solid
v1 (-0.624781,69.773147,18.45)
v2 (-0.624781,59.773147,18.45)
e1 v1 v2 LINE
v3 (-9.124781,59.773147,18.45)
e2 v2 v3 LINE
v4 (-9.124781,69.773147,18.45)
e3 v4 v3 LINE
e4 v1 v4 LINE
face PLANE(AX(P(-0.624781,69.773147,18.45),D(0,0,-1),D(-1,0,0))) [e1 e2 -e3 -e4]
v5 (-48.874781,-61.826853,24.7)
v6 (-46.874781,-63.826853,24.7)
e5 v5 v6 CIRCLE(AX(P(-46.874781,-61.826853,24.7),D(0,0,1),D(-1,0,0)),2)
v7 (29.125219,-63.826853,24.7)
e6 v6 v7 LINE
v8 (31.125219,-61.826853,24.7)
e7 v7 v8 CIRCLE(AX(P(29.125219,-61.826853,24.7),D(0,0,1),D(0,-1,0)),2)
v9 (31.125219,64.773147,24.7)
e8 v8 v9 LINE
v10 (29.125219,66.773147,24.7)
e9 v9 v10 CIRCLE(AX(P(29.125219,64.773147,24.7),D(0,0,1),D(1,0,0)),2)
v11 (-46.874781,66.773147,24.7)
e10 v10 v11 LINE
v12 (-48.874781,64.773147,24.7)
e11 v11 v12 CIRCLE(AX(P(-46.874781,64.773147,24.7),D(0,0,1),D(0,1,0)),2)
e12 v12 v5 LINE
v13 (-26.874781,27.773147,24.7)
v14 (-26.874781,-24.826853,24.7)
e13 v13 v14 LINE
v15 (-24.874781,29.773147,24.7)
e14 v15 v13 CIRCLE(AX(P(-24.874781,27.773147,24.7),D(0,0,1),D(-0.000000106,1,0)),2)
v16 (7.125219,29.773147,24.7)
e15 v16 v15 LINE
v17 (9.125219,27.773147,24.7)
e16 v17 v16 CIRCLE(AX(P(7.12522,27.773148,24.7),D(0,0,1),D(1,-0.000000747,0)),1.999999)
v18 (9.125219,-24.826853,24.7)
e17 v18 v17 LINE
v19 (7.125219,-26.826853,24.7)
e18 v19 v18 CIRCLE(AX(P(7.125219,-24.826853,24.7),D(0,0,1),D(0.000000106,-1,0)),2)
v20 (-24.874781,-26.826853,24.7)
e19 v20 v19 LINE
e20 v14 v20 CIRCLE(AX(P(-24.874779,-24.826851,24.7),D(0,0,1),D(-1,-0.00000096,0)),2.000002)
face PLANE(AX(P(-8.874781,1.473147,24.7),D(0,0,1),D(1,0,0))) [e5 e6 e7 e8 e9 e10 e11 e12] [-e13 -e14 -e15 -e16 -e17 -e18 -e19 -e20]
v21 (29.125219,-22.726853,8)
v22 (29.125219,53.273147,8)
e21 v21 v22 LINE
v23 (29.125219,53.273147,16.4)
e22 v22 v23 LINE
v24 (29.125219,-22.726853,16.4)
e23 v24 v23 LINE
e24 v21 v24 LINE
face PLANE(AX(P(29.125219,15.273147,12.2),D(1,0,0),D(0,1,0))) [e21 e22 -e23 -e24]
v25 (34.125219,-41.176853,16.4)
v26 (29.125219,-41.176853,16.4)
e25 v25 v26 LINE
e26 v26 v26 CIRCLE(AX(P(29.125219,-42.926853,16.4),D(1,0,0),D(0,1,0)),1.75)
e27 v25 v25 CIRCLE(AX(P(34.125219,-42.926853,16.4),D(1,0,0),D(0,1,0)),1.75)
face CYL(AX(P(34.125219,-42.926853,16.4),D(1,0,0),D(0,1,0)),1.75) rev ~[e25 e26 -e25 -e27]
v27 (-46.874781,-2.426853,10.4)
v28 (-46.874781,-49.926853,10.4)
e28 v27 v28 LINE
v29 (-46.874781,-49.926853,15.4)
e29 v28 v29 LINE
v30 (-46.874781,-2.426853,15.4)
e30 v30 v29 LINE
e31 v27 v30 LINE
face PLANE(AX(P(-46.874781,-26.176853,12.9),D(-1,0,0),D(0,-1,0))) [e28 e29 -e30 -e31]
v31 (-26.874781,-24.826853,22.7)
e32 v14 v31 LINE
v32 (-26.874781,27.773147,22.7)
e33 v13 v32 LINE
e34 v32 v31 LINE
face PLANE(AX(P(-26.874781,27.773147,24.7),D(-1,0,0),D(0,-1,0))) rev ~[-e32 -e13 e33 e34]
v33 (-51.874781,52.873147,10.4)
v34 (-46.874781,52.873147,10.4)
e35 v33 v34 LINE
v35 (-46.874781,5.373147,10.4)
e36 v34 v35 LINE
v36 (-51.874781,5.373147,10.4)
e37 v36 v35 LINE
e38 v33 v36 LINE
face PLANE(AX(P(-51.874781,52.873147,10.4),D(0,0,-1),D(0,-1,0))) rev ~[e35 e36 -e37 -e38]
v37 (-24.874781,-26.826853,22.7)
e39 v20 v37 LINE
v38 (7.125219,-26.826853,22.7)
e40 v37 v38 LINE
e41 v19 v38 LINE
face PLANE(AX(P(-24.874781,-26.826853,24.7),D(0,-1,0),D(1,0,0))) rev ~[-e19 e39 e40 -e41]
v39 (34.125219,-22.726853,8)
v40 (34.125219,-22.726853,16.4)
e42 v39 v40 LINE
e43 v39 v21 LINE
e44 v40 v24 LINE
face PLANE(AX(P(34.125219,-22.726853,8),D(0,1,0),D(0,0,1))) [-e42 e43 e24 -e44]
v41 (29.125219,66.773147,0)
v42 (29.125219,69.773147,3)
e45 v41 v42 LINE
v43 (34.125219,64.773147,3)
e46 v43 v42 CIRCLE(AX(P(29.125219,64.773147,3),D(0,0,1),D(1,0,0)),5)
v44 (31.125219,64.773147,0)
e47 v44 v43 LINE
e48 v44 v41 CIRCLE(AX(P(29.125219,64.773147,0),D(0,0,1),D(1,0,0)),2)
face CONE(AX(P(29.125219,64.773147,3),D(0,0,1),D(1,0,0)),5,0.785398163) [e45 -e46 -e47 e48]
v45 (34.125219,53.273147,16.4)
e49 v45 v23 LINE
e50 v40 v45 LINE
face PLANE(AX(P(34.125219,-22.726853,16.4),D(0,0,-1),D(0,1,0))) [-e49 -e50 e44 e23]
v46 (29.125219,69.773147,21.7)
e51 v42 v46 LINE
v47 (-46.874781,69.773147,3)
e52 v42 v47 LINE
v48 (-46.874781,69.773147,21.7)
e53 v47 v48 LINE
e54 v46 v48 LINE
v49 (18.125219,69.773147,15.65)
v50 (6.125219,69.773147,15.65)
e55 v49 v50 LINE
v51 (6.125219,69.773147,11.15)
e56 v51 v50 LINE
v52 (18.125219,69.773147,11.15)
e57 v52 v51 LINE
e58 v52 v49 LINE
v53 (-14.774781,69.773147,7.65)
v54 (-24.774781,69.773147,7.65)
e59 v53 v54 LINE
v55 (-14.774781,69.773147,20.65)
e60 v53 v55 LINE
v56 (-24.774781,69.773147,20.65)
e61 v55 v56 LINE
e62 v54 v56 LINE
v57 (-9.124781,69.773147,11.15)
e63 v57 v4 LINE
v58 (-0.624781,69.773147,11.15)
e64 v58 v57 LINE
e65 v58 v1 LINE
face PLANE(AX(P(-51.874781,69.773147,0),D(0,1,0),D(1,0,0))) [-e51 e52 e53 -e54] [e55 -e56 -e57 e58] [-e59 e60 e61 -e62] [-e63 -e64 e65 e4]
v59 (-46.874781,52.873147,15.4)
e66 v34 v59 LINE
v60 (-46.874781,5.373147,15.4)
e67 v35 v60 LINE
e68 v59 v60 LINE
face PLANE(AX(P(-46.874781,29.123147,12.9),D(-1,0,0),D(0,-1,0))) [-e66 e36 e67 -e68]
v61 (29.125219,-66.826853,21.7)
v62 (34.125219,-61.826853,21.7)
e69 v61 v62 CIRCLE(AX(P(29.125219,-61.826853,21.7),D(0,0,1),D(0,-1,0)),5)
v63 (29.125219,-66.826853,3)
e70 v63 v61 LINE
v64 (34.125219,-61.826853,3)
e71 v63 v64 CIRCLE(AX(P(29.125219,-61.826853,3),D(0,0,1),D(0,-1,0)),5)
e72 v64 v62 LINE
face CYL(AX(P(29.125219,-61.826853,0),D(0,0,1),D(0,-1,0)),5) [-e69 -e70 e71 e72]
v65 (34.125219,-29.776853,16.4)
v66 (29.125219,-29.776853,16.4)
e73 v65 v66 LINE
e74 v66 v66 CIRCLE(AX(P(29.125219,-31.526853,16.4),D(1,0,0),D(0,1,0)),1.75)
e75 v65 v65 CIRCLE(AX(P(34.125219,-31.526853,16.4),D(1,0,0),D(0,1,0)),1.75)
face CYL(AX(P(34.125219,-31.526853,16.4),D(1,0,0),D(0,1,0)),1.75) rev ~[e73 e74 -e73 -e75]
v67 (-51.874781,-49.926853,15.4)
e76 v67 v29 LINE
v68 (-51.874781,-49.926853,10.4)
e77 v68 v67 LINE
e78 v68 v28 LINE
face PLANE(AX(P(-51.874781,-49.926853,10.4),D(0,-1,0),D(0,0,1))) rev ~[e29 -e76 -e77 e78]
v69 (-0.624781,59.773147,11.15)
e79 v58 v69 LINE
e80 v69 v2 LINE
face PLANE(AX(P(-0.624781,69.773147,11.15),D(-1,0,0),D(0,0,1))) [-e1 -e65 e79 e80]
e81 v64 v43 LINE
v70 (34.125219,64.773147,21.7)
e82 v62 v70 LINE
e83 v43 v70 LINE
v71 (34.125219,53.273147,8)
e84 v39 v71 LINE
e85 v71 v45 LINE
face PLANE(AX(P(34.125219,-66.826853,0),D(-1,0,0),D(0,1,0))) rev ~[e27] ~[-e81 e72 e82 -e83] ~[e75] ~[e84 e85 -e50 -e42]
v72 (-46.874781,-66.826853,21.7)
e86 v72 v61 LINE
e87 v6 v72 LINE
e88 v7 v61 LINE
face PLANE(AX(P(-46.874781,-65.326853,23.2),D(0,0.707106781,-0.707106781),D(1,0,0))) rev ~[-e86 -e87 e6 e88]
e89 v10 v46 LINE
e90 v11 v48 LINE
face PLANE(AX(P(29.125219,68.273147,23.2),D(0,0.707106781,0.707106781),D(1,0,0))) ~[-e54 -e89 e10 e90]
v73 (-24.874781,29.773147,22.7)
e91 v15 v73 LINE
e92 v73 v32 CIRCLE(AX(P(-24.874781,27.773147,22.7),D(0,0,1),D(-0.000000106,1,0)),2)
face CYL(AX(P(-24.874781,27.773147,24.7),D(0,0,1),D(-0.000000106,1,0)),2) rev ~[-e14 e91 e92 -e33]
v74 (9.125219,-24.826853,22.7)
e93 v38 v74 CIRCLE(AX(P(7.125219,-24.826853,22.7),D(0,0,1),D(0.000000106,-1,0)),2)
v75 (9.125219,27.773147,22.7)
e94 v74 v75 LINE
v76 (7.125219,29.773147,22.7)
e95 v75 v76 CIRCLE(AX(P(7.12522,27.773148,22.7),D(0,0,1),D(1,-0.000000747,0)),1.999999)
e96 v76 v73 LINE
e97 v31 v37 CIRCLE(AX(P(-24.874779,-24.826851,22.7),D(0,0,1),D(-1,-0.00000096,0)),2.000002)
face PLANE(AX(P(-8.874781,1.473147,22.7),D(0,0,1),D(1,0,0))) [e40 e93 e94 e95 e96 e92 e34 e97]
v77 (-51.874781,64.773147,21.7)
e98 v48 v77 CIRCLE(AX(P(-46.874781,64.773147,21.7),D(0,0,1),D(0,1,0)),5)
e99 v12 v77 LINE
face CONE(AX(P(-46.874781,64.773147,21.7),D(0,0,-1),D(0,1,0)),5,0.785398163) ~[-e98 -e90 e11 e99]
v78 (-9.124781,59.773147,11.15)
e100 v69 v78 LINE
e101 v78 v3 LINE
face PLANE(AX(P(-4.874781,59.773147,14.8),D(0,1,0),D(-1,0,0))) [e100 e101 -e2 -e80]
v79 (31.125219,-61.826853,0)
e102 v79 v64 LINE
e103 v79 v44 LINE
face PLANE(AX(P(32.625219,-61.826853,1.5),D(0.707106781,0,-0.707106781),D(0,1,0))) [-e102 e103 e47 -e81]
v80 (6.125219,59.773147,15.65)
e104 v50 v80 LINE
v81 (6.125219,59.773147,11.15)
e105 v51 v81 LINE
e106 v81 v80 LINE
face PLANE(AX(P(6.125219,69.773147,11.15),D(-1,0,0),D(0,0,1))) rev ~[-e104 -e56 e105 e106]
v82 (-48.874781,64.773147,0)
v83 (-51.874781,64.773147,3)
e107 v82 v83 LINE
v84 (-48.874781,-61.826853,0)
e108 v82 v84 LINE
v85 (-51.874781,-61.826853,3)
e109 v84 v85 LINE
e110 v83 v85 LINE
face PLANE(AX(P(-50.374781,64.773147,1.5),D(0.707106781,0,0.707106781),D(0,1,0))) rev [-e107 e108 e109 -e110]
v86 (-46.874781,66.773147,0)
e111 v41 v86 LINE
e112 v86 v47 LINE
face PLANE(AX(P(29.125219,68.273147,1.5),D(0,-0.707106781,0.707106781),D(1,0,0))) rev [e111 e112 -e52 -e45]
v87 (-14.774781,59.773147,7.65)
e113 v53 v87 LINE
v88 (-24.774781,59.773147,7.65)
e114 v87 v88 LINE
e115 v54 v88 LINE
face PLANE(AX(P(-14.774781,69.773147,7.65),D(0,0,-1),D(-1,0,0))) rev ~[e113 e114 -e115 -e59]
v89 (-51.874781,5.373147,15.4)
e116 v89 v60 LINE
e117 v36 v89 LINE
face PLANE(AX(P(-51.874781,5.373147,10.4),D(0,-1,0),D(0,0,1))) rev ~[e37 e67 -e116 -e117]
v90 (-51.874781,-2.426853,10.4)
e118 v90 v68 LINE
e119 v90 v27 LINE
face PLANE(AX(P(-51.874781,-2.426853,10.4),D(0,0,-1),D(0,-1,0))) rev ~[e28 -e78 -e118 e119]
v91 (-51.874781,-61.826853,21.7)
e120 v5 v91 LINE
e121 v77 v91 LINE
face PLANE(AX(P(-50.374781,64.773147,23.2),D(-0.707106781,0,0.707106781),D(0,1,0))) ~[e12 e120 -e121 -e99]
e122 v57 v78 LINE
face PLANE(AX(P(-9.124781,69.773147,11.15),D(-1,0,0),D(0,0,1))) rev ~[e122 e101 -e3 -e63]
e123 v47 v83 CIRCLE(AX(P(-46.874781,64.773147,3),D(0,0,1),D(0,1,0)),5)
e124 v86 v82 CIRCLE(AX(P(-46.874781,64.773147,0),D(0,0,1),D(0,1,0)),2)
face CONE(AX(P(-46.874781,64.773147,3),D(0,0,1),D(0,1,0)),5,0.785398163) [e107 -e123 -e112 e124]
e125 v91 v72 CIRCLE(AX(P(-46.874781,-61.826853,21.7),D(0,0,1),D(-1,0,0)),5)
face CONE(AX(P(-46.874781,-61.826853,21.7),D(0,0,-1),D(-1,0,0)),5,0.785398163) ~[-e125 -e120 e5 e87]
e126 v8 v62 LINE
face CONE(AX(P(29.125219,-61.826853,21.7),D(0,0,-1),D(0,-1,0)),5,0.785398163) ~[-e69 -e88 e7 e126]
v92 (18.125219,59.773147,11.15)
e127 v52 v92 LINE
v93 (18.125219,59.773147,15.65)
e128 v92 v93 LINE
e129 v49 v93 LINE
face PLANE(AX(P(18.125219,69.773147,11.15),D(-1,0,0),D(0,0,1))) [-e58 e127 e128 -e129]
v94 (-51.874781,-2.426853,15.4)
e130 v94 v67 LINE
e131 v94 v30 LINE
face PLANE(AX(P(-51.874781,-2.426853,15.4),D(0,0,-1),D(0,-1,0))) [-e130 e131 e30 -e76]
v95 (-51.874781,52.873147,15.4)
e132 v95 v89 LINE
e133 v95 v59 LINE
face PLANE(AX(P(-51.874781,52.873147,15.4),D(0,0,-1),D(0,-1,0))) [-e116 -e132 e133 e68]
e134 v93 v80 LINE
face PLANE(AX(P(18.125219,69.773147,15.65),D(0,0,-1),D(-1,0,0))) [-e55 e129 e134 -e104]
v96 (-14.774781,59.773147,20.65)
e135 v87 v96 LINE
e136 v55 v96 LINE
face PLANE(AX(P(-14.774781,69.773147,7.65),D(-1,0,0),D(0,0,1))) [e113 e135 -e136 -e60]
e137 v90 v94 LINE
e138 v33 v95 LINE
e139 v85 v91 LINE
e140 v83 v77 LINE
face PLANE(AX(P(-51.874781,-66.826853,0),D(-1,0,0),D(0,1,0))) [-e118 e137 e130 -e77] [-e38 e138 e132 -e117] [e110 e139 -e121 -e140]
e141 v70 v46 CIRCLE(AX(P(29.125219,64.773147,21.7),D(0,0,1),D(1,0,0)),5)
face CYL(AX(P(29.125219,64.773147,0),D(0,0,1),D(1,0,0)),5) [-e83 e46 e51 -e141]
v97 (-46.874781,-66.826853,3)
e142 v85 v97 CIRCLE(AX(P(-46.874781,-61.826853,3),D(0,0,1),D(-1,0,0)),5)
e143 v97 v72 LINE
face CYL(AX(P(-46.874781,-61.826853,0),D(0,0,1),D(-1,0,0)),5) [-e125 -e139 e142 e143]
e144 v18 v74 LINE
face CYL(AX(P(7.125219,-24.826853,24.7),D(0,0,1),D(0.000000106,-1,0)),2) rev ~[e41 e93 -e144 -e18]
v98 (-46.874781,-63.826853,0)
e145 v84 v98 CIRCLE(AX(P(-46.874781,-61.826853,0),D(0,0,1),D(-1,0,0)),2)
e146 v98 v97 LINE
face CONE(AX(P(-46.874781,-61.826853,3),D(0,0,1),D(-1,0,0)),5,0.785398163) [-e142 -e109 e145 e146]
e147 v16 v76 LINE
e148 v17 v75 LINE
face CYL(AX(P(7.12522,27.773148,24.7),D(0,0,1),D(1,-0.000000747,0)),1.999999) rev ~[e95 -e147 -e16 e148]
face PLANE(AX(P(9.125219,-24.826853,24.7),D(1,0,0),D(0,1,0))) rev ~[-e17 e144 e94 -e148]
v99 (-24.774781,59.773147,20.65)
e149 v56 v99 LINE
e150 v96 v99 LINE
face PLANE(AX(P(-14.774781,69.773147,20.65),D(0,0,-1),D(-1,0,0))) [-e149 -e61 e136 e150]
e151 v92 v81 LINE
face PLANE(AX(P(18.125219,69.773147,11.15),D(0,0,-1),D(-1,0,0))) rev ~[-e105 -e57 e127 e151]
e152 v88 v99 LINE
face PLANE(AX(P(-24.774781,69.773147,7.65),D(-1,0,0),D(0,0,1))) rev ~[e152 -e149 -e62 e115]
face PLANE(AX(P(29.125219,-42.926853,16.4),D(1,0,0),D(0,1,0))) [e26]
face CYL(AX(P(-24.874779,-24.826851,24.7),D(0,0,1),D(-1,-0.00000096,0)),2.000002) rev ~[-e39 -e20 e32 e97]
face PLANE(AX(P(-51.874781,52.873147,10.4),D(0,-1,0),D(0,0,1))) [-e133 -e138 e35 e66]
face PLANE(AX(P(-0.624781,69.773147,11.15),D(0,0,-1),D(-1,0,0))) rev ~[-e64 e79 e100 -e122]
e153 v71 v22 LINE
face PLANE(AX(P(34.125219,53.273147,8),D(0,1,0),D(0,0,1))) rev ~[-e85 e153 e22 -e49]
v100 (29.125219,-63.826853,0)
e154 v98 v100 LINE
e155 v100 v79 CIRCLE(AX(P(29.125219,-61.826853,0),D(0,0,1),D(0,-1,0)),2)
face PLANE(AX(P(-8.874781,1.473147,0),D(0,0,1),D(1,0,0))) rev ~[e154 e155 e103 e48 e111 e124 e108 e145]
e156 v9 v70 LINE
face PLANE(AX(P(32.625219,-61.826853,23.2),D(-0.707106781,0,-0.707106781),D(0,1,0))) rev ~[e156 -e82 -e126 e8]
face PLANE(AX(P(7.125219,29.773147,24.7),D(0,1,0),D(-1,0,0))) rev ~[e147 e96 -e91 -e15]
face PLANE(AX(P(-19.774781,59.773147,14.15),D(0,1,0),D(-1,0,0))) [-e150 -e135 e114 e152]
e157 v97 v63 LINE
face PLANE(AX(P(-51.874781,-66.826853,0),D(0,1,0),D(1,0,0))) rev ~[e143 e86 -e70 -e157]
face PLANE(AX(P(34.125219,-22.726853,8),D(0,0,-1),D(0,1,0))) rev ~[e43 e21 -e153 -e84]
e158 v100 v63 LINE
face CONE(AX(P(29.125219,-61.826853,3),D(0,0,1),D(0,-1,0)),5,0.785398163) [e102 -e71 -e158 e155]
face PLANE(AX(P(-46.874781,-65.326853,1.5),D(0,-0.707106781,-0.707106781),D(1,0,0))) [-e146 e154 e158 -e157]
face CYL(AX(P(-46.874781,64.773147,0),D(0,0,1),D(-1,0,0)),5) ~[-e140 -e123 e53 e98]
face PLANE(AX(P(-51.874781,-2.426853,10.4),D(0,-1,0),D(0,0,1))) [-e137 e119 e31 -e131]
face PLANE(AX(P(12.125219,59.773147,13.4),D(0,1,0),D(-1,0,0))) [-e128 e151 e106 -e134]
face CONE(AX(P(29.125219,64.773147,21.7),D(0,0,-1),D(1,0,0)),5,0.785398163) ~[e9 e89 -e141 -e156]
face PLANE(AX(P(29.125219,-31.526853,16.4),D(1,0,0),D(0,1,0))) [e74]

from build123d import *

# Parameters (mm, degrees)
F0_W      = 86
F0_H      = 136.6
F1_DEPTH  = 24.7
F3_R      = 5
F4_SIZE   = 3
F6_DEPTH  = 2
F7_W      = 47.5
F7_H      = 5
F8_DEPTH  = 5
F2_W      = 12
F2_H      = 4.5
F2_W_2    = 8.5
F2_H_2    = 7.3
F2_W_3    = 10
F2_H_3    = 13
F9_DEPTH  = 10
F10_W     = 76
F10_H     = 8.4
F10_R     = 1.75
F11_DEPTH = 5


with BuildPart() as f1:
    # F0 (on Top) → F1 (new body)
    with BuildSketch(Plane.XY):
        with Locations((-8.874781, 1.473147)):
            Rectangle(F0_W, F0_H)
    extrude(amount=F1_DEPTH)

    # F3
    f3_edges = [f1.edges().sort_by_distance(p)[0] for p in [
        (-51.874781, -66.826853, 12.35),
        (34.125219, -66.826853, 12.35),
        (34.125219, 69.773147, 12.35),
        (-51.874781, 69.773147, 12.35),
    ]]
    fillet(f3_edges, radius=F3_R)

    # F4
    f4_edges = [f1.edges().sort_by_distance(p)[0] for p in [
        (34.125219, 1.473147, 24.7),
        (32.660753, -65.362386, 24.7),
        (32.660753, 68.308681, 24.7),
        (-8.874781, -66.826853, 24.7),
        (-8.874781, 69.773147, 24.7),
        (-50.410315, -65.362386, 24.7),
        (-50.410315, 68.308681, 24.7),
        (-51.874781, 1.473147, 24.7),
        (34.125219, 1.473147, 0),
        (32.660753, -65.362386, 0),
        (32.660753, 68.308681, 0),
        (-8.874781, -66.826853, 0),
        (-8.874781, 69.773147, 0),
        (-50.410315, -65.362386, 0),
        (-50.410315, 68.308681, 0),
        (-51.874781, 1.473147, 0),
    ]]
    chamfer(f4_edges, length=F4_SIZE)

    # F5 (on face) → F6 (cut)
    with BuildSketch(Plane.XY.offset(24.7)):
        with BuildLine():
            Line((7.125219, 29.773147), (-24.874781, 29.773147))
            ThreePointArc((-24.874781, 29.773147), (-26.288994, 29.187361), (-26.874781, 27.773147))
            Line((-26.874781, 27.773147), (-26.874781, -24.826853))
            ThreePointArc((-26.874781, -24.826853), (-26.288994, -26.241066), (-24.874781, -26.826853))
            Line((-24.874781, -26.826853), (7.125219, -26.826853))
            ThreePointArc((7.125219, -26.826853), (8.539433, -26.241066), (9.125219, -24.826853))
            Line((9.125219, -24.826853), (9.125219, 27.773147))
            ThreePointArc((9.125219, 27.773147), (8.539433, 29.187361), (7.125219, 29.773147))
        make_face()
    extrude(amount=-F6_DEPTH, mode=Mode.SUBTRACT)

    # F7 (on face) → F8 (cut)
    with BuildSketch(Plane(origin=(-51.874781, 0, 0), x_dir=(0, -1, 0), z_dir=(-1, 0, 0))):
        with Locations((-29.123147, 12.9)):
            Rectangle(F7_W, F7_H)
        with Locations((26.176853, 12.9)):
            Rectangle(F7_W, F7_H)
    extrude(amount=-F8_DEPTH, mode=Mode.SUBTRACT)

    # F2 (on face) → F9 (cut)
    with BuildSketch(Plane(origin=(0, 69.773147, 0), x_dir=(-1, 0, 0), z_dir=(0, 1, 0))):
        with Locations((-12.125219, 13.4)):
            Rectangle(F2_W, F2_H)
        with Locations((4.874781, 14.8)):
            Rectangle(F2_W_2, F2_H_2)
        with Locations((19.774781, 14.15)):
            Rectangle(F2_W_3, F2_H_3)
    extrude(amount=-F9_DEPTH, mode=Mode.SUBTRACT)

    # F10 (on face) → F11 (cut)
    with BuildSketch(Plane.YZ.offset(34.125219)):
        with Locations((15.273147, 12.2)):
            Rectangle(F10_W, F10_H)
        with Locations((-42.926853, 16.4)):
            Circle(F10_R)
        with Locations((-31.526853, 16.4)):
            Circle(F10_R)
    extrude(amount=-F11_DEPTH, mode=Mode.SUBTRACT)


solid = f1.part
